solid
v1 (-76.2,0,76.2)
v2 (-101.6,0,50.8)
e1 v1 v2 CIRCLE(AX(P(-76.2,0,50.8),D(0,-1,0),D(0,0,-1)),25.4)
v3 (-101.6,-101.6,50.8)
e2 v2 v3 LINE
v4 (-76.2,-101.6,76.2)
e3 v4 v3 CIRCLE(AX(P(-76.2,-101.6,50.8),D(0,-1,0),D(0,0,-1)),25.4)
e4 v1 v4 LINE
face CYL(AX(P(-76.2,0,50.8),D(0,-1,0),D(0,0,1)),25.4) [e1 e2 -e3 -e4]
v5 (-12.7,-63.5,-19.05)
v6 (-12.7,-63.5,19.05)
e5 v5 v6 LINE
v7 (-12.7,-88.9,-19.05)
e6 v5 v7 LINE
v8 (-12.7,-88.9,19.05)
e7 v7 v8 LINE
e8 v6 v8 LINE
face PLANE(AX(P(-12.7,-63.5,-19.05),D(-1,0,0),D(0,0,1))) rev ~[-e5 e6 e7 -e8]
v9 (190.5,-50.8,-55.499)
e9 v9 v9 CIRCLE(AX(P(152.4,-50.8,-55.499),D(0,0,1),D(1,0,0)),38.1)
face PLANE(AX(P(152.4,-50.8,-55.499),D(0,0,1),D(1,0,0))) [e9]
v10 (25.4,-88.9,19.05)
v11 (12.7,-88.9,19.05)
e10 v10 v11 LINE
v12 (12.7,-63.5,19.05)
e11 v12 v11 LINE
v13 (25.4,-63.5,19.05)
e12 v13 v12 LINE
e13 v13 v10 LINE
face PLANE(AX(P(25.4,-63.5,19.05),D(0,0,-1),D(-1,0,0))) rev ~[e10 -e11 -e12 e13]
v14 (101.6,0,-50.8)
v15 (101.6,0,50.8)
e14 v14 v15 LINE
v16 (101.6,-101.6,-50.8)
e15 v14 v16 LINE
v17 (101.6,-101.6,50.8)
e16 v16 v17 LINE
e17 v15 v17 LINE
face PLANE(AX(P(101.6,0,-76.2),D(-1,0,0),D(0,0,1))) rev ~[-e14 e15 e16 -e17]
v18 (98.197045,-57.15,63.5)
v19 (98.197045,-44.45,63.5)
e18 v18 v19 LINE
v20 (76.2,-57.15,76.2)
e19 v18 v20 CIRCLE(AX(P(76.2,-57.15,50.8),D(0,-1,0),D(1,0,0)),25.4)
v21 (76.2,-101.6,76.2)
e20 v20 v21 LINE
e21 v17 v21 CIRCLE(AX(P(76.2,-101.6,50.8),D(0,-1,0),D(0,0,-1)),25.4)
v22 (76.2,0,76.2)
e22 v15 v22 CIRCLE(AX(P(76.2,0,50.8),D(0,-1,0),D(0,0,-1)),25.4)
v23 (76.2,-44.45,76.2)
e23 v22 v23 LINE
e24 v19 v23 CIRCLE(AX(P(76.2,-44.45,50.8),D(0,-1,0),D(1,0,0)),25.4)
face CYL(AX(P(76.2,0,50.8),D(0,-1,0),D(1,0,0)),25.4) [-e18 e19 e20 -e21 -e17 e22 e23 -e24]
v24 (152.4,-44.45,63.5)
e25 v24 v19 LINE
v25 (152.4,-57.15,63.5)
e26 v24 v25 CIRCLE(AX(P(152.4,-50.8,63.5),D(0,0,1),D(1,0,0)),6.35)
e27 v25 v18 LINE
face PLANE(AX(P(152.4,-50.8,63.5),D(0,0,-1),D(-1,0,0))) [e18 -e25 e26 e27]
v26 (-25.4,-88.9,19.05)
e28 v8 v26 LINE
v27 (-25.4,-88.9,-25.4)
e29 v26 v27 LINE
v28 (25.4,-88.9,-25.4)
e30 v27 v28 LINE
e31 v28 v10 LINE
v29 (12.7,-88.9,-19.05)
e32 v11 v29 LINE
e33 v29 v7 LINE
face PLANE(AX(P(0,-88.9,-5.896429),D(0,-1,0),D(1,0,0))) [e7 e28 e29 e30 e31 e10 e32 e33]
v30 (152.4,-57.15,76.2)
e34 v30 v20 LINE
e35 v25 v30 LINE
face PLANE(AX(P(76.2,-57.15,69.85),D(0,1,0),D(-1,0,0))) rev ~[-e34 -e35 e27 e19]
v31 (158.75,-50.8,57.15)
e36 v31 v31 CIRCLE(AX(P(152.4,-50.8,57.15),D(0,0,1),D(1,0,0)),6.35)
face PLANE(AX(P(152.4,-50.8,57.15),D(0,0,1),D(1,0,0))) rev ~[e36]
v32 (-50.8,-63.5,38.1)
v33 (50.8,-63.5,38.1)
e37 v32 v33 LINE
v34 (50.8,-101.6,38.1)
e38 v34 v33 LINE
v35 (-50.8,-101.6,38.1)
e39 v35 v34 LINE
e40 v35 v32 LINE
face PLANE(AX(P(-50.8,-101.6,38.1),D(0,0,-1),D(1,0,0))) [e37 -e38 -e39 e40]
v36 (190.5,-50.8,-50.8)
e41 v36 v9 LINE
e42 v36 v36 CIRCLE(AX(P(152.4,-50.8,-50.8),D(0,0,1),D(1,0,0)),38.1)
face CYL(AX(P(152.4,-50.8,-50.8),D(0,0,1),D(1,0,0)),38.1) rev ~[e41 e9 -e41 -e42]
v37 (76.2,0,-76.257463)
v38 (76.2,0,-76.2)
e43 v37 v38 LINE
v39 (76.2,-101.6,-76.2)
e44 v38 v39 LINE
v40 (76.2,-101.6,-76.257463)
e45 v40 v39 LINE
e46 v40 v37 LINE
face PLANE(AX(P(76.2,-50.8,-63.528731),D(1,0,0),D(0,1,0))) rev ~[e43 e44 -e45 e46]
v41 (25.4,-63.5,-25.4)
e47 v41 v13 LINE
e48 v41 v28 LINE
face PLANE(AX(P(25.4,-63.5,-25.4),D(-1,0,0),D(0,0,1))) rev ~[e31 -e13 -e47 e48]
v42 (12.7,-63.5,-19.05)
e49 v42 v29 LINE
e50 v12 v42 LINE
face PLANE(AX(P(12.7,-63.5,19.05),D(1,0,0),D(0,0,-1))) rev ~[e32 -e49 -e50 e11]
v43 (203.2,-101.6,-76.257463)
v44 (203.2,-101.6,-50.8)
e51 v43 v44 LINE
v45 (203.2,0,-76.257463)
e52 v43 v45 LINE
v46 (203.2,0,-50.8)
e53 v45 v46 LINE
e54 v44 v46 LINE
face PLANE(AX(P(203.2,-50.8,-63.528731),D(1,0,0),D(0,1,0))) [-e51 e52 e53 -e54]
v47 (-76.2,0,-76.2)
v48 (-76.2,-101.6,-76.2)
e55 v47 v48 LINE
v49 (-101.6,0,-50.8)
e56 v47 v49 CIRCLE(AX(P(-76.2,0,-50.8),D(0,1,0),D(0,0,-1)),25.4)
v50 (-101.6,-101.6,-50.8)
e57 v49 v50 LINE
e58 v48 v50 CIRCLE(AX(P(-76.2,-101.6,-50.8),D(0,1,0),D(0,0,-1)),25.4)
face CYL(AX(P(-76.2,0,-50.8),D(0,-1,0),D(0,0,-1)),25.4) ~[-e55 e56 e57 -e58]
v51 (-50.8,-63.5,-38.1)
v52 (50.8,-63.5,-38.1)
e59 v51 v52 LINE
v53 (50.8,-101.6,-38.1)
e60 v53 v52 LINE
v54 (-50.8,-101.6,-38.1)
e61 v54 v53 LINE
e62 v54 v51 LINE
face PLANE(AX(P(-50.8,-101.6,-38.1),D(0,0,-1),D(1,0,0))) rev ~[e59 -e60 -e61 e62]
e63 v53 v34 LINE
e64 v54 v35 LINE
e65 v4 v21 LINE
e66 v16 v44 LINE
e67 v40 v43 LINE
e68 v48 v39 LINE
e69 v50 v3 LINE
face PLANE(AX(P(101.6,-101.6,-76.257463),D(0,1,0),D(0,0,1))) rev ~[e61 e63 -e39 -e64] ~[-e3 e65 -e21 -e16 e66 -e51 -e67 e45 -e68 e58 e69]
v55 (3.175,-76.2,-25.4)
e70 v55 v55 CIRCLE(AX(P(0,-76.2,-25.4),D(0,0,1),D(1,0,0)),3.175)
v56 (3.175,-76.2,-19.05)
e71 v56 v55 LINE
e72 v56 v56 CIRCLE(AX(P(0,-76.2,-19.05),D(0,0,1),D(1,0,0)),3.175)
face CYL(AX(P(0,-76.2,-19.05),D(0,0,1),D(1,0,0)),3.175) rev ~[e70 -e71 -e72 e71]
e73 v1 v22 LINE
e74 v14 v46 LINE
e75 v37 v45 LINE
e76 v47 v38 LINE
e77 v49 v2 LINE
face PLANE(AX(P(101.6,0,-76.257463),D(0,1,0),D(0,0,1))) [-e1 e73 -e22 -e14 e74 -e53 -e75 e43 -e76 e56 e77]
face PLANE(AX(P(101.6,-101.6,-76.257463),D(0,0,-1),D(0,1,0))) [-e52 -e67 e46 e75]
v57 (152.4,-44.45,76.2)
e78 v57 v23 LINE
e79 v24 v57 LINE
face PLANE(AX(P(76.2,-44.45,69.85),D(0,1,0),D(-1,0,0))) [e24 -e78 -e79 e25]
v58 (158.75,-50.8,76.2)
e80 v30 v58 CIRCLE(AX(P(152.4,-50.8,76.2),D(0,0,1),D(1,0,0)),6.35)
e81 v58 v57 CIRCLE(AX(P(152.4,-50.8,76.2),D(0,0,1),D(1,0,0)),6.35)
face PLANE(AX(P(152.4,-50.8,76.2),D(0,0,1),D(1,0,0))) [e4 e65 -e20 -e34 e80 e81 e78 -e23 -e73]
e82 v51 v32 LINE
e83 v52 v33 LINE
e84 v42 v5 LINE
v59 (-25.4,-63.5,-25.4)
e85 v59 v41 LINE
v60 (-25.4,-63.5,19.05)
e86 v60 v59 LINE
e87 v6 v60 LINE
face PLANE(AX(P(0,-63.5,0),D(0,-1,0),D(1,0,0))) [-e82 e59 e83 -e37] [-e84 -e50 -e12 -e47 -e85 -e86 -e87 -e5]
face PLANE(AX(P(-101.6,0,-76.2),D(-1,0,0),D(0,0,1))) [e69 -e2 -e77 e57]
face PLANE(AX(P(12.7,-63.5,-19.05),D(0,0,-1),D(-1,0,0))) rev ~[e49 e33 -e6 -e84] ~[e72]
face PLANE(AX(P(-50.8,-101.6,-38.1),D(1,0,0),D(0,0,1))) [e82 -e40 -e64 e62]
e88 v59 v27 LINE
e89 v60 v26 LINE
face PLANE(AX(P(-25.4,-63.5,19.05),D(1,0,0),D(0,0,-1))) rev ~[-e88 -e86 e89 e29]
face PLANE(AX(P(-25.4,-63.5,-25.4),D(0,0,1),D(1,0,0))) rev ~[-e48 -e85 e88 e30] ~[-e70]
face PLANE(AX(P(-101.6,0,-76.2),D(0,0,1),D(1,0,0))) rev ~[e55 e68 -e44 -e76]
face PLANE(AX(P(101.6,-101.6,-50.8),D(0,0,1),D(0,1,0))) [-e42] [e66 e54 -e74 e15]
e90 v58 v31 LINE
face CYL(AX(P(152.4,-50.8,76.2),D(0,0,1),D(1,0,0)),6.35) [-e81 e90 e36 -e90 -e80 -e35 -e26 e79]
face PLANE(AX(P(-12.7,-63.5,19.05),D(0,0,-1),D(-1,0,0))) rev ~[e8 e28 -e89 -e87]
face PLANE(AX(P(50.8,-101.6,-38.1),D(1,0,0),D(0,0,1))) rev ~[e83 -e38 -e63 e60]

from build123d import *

# Parameters (mm, degrees)
F0_W           = 203.2
F0_H           = 152.4
F1_DEPTH       = 101.6
F2_R           = 25.4
F3_R           = 25.4
F4_W           = 101.6
F4_H           = 76.2
F5_DEPTH       = 38.1
F7_DEPTH       = 25.4
F8_R           = 3.175
F9_DEPTH       = 12.7
F10_W          = 101.6
F10_H          = 25.457462908
F11_DEPTH      = 101.6
F11_DEPTH_BACK = 25.4
F12_R          = 38.1
F13_DEPTH      = 4.699
F15_W          = 152.4
F15_H          = 12.7
F16_DEPTH      = 6.35
F16_DEPTH_BACK = 6.35
F17_R          = 6.35
F18_DEPTH      = 19.05


with BuildPart() as f1:
    # F0 (on Front) → F1 (new body)
    with BuildSketch(Plane.XZ):
        Rectangle(F0_W, F0_H)
    extrude(amount=F1_DEPTH)

    # F2
    f2_edges = [f1.edges().sort_by_distance(p)[0] for p in [
        (101.6, -50.8, 76.2),
    ]]
    fillet(f2_edges, radius=F2_R)

    # F3
    f3_edges = [f1.edges().sort_by_distance(p)[0] for p in [
        (-101.6, -50.8, 76.2),
        (101.6, -50.8, -76.2),
        (-101.6, -50.8, -76.2),
    ]]
    fillet(f3_edges, radius=F3_R)

    # F4 (on face) → F5 (cut)
    with BuildSketch(Plane.XZ.offset(101.6)):
        Rectangle(F4_W, F4_H)
    extrude(amount=-F5_DEPTH, mode=Mode.SUBTRACT)

    # F6 (on face) → F7 (join)
    with BuildSketch(Plane.XZ.offset(63.5)):
        Polygon((-12.7, 19.05), (-25.4, 19.05), (-25.4, -19.05), (-25.4, -25.4), (25.4, -25.4), (25.4, -19.05), (25.4, 19.05), (12.7, 19.05), (12.7, -19.05), (-12.7, -19.05), align=None)
    extrude(amount=F7_DEPTH)

    # F8 (on face) → F9 (cut)
    with BuildSketch(Plane.XY.offset(-19.05)):
        with Locations((0, -76.2)):
            Circle(F8_R)
    extrude(amount=-F9_DEPTH, mode=Mode.SUBTRACT)

    # F10 (on face) → F11 (join, two sides)
    with BuildSketch(Plane.YZ.offset(101.6)) as f11_sk:
        with Locations((-50.8, -63.528731454)):
            Rectangle(F10_W, F10_H)
    extrude(amount=F11_DEPTH)
    extrude(f11_sk.sketch, amount=-F11_DEPTH_BACK)

    # F12 (on face) → F13 (cut)
    with BuildSketch(Plane.XY.offset(-50.8)):
        with Locations((152.4, -50.8)):
            Circle(F12_R)
    extrude(amount=-F13_DEPTH, mode=Mode.SUBTRACT)

    # F15 (on offset) → F16 (join, two sides)
    with BuildSketch(Plane(origin=(0, -50.8, 0), x_dir=(-1, 0, 0), z_dir=(0, 1, 0))) as f16_sk:
        with Locations((-76.2, 69.85)):
            Rectangle(F15_W, F15_H)
    extrude(amount=F16_DEPTH)
    extrude(f16_sk.sketch, amount=-F16_DEPTH_BACK)

    # F17 (on face) → F18 (join)
    with BuildSketch(Plane.XY.offset(76.2)):
        with Locations((152.4, -50.8)):
            Circle(F17_R)
    extrude(amount=-F18_DEPTH)


solid = f1.part
